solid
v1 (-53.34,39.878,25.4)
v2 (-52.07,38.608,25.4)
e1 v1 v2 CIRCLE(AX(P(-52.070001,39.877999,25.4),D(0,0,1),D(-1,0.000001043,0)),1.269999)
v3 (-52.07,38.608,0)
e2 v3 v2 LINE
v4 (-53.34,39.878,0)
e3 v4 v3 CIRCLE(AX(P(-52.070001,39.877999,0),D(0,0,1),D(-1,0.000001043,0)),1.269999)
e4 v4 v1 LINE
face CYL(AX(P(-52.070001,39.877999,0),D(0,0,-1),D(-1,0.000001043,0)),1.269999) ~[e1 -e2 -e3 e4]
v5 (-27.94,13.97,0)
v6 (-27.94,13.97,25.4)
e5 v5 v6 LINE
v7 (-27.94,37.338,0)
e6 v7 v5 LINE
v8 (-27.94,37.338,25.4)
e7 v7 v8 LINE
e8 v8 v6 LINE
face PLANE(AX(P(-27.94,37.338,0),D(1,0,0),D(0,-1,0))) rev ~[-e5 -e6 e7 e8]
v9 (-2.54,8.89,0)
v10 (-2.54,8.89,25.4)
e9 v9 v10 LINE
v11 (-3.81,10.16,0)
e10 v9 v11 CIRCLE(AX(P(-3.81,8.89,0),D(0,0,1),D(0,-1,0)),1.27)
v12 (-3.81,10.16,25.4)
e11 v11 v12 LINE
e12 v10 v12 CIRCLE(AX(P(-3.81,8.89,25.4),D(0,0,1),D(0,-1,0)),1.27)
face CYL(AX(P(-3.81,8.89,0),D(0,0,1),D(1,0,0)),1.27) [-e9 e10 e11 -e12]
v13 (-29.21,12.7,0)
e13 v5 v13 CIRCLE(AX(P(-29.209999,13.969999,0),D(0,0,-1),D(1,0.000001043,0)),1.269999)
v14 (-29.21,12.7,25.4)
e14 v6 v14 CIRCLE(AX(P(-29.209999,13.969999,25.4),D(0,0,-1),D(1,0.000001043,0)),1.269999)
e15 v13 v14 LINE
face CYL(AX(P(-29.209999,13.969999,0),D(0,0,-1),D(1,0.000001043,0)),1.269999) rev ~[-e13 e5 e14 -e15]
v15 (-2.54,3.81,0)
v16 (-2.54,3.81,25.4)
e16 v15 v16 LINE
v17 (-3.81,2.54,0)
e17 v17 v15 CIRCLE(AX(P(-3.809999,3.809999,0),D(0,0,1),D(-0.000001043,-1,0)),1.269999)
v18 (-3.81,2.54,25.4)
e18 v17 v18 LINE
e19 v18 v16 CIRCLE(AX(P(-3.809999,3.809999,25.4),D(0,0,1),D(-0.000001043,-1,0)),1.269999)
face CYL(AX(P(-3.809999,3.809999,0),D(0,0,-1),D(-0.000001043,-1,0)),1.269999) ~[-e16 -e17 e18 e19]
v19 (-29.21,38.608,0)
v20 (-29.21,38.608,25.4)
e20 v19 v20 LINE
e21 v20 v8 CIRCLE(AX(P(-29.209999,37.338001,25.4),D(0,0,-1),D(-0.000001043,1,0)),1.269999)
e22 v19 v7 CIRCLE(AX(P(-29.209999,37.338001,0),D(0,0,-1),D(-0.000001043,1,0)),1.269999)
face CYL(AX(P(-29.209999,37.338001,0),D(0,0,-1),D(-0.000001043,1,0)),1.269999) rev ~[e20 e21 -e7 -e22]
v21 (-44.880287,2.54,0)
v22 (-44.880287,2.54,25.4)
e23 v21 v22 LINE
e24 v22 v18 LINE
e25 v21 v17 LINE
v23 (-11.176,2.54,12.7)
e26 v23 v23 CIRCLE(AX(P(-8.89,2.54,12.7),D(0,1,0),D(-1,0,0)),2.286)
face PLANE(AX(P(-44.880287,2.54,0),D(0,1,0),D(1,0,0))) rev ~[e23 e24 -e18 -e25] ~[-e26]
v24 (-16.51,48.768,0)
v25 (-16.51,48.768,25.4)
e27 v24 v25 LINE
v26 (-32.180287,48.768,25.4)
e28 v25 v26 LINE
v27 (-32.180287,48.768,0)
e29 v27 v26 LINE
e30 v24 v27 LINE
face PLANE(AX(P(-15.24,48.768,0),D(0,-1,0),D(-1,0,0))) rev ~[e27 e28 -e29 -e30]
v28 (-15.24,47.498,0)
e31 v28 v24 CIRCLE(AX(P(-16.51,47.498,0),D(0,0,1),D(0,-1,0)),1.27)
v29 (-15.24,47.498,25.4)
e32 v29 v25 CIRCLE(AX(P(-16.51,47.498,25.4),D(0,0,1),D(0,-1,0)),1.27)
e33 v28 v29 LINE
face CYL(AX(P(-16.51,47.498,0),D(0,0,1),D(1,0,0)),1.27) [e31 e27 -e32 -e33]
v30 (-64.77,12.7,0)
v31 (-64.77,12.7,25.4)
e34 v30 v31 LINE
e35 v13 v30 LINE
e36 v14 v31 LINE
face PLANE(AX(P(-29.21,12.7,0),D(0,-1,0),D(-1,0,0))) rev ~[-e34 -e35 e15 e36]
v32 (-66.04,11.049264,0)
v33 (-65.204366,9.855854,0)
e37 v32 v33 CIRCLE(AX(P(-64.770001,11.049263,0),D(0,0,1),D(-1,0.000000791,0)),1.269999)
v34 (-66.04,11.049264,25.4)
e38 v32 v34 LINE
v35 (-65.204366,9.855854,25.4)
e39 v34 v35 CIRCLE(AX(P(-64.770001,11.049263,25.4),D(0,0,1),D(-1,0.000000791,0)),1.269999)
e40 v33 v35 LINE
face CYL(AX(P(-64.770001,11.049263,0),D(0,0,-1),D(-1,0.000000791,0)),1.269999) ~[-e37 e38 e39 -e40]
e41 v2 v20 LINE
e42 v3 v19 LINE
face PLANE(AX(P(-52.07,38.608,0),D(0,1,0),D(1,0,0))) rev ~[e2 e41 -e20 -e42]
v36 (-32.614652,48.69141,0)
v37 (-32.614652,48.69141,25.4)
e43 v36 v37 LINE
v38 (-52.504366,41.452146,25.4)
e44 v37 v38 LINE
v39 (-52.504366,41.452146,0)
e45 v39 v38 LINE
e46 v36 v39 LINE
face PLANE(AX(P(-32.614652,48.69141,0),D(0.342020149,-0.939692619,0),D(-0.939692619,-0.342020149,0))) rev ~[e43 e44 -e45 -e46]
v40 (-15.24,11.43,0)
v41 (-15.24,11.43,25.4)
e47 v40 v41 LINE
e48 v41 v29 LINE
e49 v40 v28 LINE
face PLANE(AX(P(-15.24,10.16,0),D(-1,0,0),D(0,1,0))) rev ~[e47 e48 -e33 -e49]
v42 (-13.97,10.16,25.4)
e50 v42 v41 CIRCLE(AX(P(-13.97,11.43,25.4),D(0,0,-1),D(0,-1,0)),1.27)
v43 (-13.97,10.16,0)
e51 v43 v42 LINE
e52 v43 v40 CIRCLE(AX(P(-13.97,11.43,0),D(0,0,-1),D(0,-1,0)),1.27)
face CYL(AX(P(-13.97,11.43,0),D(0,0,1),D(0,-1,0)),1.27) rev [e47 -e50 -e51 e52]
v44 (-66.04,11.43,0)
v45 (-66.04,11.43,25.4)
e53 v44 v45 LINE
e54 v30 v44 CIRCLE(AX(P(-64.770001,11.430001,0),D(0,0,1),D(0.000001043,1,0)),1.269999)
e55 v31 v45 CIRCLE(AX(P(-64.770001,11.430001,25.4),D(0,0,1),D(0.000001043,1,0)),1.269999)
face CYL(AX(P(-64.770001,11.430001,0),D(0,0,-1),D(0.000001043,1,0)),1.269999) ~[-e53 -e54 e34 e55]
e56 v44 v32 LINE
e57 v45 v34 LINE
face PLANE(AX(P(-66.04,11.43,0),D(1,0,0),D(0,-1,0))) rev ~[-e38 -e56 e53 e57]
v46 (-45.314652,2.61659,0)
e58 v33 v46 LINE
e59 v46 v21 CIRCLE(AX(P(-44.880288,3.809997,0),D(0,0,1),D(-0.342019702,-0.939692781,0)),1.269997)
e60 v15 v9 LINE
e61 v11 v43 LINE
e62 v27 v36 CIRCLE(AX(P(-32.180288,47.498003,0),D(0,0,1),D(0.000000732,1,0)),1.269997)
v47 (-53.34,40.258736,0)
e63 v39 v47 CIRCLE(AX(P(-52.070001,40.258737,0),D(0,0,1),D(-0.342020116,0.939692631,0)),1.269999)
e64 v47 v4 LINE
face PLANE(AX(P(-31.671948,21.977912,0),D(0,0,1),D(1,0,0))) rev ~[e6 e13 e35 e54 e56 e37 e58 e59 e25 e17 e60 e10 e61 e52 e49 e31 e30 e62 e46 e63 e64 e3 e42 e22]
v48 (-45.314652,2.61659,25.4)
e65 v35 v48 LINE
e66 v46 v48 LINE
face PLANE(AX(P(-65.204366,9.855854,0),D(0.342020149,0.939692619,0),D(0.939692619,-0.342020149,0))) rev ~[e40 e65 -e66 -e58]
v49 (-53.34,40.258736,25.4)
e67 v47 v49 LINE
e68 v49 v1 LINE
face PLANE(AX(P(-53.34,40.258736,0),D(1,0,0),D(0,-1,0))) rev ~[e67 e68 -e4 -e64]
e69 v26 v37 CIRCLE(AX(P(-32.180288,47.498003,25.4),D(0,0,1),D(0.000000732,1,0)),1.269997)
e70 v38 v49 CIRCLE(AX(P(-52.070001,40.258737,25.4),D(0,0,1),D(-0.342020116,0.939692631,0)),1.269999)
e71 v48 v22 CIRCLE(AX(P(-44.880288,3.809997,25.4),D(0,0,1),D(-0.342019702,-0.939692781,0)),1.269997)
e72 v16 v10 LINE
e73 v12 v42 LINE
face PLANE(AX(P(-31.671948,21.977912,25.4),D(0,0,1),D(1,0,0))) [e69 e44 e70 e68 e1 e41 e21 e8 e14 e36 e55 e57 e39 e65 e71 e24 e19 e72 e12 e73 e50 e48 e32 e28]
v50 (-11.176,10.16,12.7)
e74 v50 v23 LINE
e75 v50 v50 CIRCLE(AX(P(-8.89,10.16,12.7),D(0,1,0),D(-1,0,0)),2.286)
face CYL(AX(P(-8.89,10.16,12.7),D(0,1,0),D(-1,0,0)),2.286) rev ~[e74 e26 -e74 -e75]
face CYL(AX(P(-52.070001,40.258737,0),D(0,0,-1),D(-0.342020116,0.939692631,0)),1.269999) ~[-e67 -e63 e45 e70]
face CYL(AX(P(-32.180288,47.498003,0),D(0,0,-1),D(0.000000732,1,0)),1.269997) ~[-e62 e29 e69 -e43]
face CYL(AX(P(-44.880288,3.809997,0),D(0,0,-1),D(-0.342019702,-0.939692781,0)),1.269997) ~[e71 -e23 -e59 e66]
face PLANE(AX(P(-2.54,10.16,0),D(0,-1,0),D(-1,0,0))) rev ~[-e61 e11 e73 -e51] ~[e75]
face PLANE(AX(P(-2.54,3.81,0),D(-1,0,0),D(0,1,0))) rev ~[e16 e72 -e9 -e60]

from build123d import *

# Parameters (mm, degrees)
F1_DEPTH = 25.4
F2_R     = 1.27
F3_R     = 2.286
F4_DEPTH = 7.62


with BuildPart() as f1:
    # F0 (on Top) → F1 (new body)
    with BuildSketch(Plane.XY):
        with BuildLine():
            Line((-44.880287, 2.54), (-3.81, 2.54))
            ThreePointArc((-3.81, 2.54), (-2.911974, 2.911974), (-2.54, 3.81))
            Line((-2.54, 3.81), (-2.54, 10.16))
            Line((-2.54, 10.16), (-15.24, 10.16))
            Line((-15.24, 10.16), (-15.24, 48.768))
            Line((-15.24, 48.768), (-32.180287, 48.768))
            ThreePointArc((-32.180287, 48.768), (-32.40082, 48.748706), (-32.614652, 48.69141))
            Line((-32.614652, 48.69141), (-52.504366, 41.452146))
            ThreePointArc((-52.504366, 41.452146), (-53.110323, 40.987179), (-53.34, 40.258736))
            Line((-53.34, 40.258736), (-53.34, 39.878))
            ThreePointArc((-53.34, 39.878), (-52.968026, 38.979974), (-52.07, 38.608))
            Line((-52.07, 38.608), (-29.21, 38.608))
            ThreePointArc((-29.21, 38.608), (-28.311974, 38.236026), (-27.94, 37.338))
            Line((-27.94, 37.338), (-27.94, 13.97))
            ThreePointArc((-27.94, 13.97), (-28.311974, 13.071974), (-29.21, 12.7))
            Line((-29.21, 12.7), (-64.77, 12.7))
            ThreePointArc((-64.77, 12.7), (-65.668026, 12.328026), (-66.04, 11.43))
            Line((-66.04, 11.43), (-66.04, 11.049264))
            ThreePointArc((-66.04, 11.049264), (-65.810323, 10.320821), (-65.204366, 9.855854))
            Line((-65.204366, 9.855854), (-45.314652, 2.61659))
            ThreePointArc((-45.314652, 2.61659), (-45.10082, 2.559294), (-44.880287, 2.54))
        make_face()
    extrude(amount=F1_DEPTH)

    # F2
    f2_edges = [f1.edges().sort_by_distance(p)[0] for p in [
        (-15.24, 10.16, 12.7),
        (-2.54, 10.16, 12.7),
        (-15.24, 48.768, 12.7),
    ]]
    fillet(f2_edges, radius=F2_R)

    # F3 (on face) → F4 (cut, through all)
    with BuildSketch(Plane(origin=(0, 10.16, 0), x_dir=(-1, 0, 0), z_dir=(0, 1, 0))):
        with Locations((8.89, 12.7)):
            Circle(F3_R)
    extrude(amount=-F4_DEPTH, mode=Mode.SUBTRACT)


solid = f1.part
